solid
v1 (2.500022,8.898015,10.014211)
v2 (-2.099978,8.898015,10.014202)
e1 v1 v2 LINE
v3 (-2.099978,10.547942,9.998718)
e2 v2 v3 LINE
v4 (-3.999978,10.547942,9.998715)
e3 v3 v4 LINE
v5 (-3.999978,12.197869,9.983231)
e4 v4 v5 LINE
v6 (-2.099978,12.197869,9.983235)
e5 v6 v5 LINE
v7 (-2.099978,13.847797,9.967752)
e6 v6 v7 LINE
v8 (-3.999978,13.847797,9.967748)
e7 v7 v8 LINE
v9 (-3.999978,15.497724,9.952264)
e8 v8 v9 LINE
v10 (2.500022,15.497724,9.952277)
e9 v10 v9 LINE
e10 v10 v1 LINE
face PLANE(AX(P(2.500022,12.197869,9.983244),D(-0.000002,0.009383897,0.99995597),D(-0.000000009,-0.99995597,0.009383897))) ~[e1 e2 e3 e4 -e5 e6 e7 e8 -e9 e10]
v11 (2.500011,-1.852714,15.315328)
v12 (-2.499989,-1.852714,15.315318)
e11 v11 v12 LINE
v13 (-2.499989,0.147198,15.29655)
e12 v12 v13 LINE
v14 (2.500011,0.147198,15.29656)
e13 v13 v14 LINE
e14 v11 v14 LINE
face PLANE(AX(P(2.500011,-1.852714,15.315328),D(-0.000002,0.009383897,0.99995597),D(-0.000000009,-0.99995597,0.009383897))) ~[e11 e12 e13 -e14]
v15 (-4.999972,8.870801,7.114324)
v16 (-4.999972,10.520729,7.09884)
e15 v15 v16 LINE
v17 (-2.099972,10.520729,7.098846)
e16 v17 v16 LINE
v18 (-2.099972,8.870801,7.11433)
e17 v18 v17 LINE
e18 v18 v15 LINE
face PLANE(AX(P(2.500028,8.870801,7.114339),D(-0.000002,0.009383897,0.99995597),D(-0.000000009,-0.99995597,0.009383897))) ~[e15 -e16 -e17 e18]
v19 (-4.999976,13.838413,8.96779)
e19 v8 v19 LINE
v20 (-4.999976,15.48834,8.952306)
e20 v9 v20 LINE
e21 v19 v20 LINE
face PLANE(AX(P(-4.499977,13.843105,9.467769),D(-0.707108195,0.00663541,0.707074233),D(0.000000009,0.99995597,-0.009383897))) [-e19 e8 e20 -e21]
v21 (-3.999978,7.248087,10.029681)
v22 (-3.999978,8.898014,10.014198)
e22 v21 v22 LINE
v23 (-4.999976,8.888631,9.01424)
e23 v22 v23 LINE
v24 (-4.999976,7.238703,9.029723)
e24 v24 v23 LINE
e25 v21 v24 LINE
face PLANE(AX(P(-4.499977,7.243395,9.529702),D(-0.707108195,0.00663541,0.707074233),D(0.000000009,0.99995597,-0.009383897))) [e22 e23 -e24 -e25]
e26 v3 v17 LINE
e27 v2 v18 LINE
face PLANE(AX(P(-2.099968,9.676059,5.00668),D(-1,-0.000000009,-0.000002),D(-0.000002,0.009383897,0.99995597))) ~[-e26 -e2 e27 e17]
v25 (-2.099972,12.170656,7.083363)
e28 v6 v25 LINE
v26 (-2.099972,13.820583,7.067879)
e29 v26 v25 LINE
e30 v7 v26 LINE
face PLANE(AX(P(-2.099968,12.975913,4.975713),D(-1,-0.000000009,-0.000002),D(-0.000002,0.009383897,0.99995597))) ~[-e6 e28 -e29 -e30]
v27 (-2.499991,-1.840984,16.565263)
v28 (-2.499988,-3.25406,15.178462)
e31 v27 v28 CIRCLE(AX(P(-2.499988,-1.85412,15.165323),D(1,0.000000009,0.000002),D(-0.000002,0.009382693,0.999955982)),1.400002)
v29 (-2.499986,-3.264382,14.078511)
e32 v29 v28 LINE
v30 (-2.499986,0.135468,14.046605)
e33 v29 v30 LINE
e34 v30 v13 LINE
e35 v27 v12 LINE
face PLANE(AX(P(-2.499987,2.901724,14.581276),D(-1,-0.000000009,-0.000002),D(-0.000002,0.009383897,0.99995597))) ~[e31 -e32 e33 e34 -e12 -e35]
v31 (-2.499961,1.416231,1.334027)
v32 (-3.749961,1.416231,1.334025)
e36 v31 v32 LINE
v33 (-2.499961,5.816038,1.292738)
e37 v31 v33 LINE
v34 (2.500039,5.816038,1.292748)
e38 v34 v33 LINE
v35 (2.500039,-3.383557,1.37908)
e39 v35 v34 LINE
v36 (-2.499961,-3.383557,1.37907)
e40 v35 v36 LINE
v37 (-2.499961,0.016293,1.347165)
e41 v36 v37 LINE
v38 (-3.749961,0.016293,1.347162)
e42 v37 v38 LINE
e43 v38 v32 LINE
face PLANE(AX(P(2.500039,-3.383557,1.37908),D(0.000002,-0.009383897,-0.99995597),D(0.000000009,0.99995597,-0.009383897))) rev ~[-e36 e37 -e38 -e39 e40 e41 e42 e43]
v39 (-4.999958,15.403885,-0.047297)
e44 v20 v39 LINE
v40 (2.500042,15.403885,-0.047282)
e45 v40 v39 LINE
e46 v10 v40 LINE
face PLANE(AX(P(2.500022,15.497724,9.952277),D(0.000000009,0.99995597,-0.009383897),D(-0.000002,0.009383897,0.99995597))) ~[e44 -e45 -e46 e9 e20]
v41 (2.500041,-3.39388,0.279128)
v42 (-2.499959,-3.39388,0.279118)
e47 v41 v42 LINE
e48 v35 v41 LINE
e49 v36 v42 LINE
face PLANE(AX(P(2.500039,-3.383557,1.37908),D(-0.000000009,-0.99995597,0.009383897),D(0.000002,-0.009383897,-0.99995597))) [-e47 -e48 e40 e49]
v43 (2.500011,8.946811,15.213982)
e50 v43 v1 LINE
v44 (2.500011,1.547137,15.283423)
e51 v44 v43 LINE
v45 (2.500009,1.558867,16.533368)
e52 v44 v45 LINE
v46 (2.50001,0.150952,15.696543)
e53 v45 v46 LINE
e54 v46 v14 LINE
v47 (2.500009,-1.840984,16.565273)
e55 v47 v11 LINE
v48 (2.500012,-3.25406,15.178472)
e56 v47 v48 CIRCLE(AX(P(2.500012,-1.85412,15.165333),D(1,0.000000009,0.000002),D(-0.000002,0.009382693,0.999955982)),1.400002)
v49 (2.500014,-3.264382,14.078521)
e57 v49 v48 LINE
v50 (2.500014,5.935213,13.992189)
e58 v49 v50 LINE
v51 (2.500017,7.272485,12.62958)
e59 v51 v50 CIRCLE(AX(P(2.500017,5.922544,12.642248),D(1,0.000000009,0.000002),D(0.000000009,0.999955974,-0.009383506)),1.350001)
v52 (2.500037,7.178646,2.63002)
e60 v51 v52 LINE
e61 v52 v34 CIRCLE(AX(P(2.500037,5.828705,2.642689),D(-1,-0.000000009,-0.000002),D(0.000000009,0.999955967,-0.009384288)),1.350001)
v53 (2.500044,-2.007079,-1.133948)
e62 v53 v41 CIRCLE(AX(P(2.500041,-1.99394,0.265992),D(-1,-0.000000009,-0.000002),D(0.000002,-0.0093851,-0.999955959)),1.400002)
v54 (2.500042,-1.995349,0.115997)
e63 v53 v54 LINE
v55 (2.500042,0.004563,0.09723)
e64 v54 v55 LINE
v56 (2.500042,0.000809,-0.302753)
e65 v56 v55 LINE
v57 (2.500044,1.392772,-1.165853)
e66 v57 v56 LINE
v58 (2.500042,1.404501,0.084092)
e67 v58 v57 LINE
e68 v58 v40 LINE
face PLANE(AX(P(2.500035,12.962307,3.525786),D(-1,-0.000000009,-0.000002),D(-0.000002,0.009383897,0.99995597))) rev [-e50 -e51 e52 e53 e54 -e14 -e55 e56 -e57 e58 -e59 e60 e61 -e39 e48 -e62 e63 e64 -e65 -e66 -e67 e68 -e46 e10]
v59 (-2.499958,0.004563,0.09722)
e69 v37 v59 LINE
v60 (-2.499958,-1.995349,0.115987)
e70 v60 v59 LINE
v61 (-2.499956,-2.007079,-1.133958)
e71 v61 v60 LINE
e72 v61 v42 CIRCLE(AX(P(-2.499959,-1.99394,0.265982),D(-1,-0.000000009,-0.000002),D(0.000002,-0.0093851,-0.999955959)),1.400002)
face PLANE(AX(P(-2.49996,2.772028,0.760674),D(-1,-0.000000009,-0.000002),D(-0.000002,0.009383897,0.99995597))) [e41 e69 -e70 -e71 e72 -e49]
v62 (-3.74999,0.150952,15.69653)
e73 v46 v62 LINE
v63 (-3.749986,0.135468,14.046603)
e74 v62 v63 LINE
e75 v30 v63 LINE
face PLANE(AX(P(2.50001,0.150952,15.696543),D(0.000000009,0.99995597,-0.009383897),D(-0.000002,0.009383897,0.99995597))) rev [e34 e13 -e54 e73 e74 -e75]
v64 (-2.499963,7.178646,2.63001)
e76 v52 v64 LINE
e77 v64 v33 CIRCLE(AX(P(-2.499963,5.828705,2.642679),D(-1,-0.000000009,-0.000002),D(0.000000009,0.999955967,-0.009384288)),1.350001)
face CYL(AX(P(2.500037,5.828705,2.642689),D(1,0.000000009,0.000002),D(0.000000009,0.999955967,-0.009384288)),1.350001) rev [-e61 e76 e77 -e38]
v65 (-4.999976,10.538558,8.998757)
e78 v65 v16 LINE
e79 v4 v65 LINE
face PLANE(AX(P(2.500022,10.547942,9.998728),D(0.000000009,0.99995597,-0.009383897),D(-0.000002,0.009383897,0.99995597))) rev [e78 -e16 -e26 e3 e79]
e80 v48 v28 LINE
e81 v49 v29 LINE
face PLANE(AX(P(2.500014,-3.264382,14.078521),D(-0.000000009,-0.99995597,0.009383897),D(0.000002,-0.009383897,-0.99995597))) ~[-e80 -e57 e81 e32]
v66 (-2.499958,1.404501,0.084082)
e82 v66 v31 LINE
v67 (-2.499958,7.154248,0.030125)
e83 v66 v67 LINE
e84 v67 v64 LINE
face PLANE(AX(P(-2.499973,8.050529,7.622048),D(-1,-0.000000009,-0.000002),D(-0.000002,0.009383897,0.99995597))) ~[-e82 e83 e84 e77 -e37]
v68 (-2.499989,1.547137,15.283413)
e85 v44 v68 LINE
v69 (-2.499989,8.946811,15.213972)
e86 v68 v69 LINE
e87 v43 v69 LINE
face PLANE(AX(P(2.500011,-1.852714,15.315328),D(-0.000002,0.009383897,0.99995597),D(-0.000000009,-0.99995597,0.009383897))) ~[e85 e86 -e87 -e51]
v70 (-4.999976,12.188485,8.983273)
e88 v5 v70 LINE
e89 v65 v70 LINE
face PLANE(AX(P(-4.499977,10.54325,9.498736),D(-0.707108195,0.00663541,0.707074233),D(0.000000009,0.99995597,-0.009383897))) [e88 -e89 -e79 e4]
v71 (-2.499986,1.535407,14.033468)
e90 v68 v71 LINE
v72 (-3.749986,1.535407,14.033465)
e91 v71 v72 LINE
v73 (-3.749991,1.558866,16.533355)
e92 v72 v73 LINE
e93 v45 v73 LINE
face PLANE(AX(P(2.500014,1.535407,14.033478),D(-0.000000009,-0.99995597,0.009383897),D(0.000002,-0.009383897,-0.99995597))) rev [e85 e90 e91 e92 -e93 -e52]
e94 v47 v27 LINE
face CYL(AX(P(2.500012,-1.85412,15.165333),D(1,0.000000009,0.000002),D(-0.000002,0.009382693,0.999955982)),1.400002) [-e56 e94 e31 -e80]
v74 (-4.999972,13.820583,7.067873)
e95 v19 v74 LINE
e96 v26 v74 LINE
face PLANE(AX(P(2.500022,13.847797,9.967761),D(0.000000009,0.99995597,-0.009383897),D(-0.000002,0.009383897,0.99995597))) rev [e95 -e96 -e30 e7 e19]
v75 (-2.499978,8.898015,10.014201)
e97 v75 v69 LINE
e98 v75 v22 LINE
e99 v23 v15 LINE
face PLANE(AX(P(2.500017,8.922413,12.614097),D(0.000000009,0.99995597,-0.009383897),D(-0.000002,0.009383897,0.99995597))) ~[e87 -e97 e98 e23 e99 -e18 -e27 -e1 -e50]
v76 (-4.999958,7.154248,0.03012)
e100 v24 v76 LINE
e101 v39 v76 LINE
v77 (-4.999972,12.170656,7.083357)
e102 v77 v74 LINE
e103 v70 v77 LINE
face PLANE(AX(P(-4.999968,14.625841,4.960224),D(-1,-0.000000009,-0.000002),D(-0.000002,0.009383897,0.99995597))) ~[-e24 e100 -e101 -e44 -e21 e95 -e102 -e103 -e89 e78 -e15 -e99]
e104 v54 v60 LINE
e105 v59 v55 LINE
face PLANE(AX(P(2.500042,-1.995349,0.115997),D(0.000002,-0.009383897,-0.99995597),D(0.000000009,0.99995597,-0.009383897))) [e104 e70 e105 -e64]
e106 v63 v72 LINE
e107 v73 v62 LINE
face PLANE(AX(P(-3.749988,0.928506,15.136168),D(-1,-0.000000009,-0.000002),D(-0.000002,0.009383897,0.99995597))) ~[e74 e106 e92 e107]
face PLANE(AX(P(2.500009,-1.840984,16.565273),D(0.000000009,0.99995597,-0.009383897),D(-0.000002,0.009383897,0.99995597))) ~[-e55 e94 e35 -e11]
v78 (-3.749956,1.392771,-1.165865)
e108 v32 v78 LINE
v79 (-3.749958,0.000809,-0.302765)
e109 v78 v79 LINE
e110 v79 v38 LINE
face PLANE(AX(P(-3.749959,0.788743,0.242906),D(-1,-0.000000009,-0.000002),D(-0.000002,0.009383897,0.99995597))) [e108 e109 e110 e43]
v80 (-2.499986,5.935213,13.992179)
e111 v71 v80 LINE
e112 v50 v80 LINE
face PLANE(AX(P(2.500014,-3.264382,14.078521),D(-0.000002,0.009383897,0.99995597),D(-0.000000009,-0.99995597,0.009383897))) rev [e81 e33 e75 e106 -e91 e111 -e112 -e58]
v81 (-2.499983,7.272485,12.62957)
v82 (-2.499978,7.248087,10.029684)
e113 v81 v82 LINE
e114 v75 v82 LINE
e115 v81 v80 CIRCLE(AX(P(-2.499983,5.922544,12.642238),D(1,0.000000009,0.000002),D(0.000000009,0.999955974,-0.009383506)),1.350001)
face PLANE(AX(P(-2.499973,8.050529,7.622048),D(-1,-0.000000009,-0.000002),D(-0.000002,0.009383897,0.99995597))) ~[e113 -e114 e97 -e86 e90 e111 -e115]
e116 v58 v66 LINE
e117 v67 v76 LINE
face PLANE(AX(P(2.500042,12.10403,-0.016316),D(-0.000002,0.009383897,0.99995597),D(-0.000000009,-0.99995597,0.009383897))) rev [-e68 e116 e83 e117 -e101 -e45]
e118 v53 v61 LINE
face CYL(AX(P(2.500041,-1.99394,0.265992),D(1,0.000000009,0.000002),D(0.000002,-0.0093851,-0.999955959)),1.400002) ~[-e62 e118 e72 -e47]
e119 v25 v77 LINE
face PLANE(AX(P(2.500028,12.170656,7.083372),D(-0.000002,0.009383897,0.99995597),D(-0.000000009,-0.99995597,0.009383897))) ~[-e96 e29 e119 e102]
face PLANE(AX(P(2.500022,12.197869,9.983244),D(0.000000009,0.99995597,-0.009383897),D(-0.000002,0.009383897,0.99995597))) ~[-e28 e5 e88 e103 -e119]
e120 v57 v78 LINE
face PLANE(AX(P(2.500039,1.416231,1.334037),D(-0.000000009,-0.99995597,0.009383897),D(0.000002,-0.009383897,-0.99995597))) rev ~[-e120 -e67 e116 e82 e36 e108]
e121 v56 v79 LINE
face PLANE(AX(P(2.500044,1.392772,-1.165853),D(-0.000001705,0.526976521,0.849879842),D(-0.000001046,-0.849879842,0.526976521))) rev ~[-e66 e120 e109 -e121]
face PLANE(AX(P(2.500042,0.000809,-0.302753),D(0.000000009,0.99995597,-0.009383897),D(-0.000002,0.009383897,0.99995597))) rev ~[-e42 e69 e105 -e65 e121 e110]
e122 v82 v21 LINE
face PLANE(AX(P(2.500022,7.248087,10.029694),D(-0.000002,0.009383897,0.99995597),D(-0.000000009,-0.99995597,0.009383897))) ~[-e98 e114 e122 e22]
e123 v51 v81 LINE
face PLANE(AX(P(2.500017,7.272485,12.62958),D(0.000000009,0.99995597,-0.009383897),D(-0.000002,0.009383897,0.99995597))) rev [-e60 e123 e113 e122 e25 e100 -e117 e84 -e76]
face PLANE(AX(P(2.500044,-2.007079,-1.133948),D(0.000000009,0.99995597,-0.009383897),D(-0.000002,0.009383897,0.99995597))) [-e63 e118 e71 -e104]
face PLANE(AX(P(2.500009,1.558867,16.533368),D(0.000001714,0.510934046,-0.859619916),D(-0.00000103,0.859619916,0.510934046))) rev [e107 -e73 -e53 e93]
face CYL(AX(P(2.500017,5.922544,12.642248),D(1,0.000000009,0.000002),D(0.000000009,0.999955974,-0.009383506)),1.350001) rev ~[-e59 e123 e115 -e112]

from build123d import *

# Parameters (mm, degrees)
PAD017_DEPTH              = 5
PAD020_DEPTH              = 6.25
SKETCH038_W               = 10
SKETCH038_H               = 1.65
PAD021_DEPTH              = 5
SKETCH085_W               = 10
SKETCH085_H               = 1.65
PAD054_DEPTH              = 7.5
SKETCH083_W               = 7.1
SKETCH083_H               = 1.65
PAD055_DEPTH              = 7.5
SKETCH082_W               = 10
SKETCH082_H               = 1.65
PAD056_DEPTH              = 4.6
SKETCH084_W               = 10
SKETCH084_H               = 1.65
PAD057_DEPTH              = 7.5
LINEARPATTERN019_COUNT    = 2
LINEARPATTERN019_PITCH    = 3.3
CHAMFER009_SIZE           = 1
MIRROR008_PLACEMENT_ANGLE = 90


with BuildPart() as bc_c:
    # Sketch034 → Pad017 (new body)
    with BuildSketch(Plane.XY):
        with BuildLine():
            Line((-1.35, -1.8), (-1.35, 6))
            ThreePointArc((0, 7.35), (-0.954594, 6.954594), (-1.35, 6))
            Line((0, 9), (0, 7.35))
            Line((-2.6, 9), (0, 9))
            Line((-2.6, -1.8), (-2.6, 9))
            Line((-3.85, -1.8), (-2.6, -1.8))
            ThreePointArc((-3.85, -1.8), (-3.439949, -2.789949), (-2.45, -3.2))
            Line((-1.35, -3.2), (-2.45, -3.2))
            Line((-1.35, -1.8), (-1.35, -3.2))
        make_face()
    extrude(amount=PAD017_DEPTH)

    # Sketch037 → Pad020 (join)
    with BuildSketch(Plane.XY):
        Polygon((-1.35, 0.2), (-1.35, 1.6), (-2.6, 1.6), (-3.85, 1.6), (-3, 0.2), (-2.6, 0.2), align=None)
    extrude(amount=PAD020_DEPTH)


with BuildPart() as body029:
    # Mirror002: instance of _bc_c
    add(bc_c.part.mirror(Plane(origin=(5, 0, 0), x_dir=(0, 1, 0), z_dir=(-1, 0, 0))))

    # Fusion002: union _bc_c
    add(bc_c.part)


with BuildPart() as body029_1:
    # Clone003 placement: moved
    add(body029.part.moved(Location((-5, 0, 0))))

    # Sketch038 → Pad021 (new body)
    with BuildSketch(Plane.XY):
        with Locations((0, 8.175)):
            Rectangle(SKETCH038_W, SKETCH038_H)
    extrude(amount=PAD021_DEPTH)

    # Sketch085 → Pad054 (new body)
    with BuildSketch(Plane.XY):
        with Locations((2.6, 8.175)):
            Rectangle(SKETCH085_W, SKETCH085_H)
    extrude(amount=PAD054_DEPTH)

    # Sketch083 → Pad055 (join)
    with BuildSketch(Plane.XY):
        with Locations((4.05, 9.825)):
            Rectangle(SKETCH083_W, SKETCH083_H)
    pad055 = extrude(amount=PAD055_DEPTH)

    # Sketch082 → Pad056 (join)
    with BuildSketch(Plane.XY):
        with Locations((2.6, 9.825)):
            Rectangle(SKETCH082_W, SKETCH082_H)
    pad056 = extrude(amount=PAD056_DEPTH)

    # Sketch084 → Pad057 (join)
    with BuildSketch(Plane.XY):
        with Locations((2.6, 11.475)):
            Rectangle(SKETCH084_W, SKETCH084_H)
    pad057 = extrude(amount=PAD057_DEPTH)

    # LinearPattern019: Pad057, Pad056, Pad055 ×2
    with Locations(*[(0, i * LINEARPATTERN019_PITCH, 0) for i in range(1, LINEARPATTERN019_COUNT)]):
        add(pad057)
        add(pad056)
        add(pad055)

    # Chamfer009
    chamfer009_edges = [body029_1.edges().sort_by_distance(p)[0] for p in [
        (-2.4, 8.175, 7.5),
        (-2.4, 11.475, 7.5),
        (-2.4, 14.775, 7.5),
    ]]
    chamfer(chamfer009_edges, length=CHAMFER009_SIZE)


with BuildPart() as mirror008:
    # Mirror008: instance of Body029
    add(body029_1.part.mirror(Plane(origin=(-13.185052, -8.707698, 3.680996), x_dir=(-0.004692, 0.999989, 0), z_dir=(-0.999989, -0.004692, -1e-06))))


with BuildPart() as mirror008_1:
    # Mirror008 placement: moved
    add(mirror008.part.moved(Location((2.5, 0, 34.15))).rotate(Axis((2.5, 0, 34.15), (0, -1, 0)), MIRROR008_PLACEMENT_ANGLE))


solid = mirror008_1.part
